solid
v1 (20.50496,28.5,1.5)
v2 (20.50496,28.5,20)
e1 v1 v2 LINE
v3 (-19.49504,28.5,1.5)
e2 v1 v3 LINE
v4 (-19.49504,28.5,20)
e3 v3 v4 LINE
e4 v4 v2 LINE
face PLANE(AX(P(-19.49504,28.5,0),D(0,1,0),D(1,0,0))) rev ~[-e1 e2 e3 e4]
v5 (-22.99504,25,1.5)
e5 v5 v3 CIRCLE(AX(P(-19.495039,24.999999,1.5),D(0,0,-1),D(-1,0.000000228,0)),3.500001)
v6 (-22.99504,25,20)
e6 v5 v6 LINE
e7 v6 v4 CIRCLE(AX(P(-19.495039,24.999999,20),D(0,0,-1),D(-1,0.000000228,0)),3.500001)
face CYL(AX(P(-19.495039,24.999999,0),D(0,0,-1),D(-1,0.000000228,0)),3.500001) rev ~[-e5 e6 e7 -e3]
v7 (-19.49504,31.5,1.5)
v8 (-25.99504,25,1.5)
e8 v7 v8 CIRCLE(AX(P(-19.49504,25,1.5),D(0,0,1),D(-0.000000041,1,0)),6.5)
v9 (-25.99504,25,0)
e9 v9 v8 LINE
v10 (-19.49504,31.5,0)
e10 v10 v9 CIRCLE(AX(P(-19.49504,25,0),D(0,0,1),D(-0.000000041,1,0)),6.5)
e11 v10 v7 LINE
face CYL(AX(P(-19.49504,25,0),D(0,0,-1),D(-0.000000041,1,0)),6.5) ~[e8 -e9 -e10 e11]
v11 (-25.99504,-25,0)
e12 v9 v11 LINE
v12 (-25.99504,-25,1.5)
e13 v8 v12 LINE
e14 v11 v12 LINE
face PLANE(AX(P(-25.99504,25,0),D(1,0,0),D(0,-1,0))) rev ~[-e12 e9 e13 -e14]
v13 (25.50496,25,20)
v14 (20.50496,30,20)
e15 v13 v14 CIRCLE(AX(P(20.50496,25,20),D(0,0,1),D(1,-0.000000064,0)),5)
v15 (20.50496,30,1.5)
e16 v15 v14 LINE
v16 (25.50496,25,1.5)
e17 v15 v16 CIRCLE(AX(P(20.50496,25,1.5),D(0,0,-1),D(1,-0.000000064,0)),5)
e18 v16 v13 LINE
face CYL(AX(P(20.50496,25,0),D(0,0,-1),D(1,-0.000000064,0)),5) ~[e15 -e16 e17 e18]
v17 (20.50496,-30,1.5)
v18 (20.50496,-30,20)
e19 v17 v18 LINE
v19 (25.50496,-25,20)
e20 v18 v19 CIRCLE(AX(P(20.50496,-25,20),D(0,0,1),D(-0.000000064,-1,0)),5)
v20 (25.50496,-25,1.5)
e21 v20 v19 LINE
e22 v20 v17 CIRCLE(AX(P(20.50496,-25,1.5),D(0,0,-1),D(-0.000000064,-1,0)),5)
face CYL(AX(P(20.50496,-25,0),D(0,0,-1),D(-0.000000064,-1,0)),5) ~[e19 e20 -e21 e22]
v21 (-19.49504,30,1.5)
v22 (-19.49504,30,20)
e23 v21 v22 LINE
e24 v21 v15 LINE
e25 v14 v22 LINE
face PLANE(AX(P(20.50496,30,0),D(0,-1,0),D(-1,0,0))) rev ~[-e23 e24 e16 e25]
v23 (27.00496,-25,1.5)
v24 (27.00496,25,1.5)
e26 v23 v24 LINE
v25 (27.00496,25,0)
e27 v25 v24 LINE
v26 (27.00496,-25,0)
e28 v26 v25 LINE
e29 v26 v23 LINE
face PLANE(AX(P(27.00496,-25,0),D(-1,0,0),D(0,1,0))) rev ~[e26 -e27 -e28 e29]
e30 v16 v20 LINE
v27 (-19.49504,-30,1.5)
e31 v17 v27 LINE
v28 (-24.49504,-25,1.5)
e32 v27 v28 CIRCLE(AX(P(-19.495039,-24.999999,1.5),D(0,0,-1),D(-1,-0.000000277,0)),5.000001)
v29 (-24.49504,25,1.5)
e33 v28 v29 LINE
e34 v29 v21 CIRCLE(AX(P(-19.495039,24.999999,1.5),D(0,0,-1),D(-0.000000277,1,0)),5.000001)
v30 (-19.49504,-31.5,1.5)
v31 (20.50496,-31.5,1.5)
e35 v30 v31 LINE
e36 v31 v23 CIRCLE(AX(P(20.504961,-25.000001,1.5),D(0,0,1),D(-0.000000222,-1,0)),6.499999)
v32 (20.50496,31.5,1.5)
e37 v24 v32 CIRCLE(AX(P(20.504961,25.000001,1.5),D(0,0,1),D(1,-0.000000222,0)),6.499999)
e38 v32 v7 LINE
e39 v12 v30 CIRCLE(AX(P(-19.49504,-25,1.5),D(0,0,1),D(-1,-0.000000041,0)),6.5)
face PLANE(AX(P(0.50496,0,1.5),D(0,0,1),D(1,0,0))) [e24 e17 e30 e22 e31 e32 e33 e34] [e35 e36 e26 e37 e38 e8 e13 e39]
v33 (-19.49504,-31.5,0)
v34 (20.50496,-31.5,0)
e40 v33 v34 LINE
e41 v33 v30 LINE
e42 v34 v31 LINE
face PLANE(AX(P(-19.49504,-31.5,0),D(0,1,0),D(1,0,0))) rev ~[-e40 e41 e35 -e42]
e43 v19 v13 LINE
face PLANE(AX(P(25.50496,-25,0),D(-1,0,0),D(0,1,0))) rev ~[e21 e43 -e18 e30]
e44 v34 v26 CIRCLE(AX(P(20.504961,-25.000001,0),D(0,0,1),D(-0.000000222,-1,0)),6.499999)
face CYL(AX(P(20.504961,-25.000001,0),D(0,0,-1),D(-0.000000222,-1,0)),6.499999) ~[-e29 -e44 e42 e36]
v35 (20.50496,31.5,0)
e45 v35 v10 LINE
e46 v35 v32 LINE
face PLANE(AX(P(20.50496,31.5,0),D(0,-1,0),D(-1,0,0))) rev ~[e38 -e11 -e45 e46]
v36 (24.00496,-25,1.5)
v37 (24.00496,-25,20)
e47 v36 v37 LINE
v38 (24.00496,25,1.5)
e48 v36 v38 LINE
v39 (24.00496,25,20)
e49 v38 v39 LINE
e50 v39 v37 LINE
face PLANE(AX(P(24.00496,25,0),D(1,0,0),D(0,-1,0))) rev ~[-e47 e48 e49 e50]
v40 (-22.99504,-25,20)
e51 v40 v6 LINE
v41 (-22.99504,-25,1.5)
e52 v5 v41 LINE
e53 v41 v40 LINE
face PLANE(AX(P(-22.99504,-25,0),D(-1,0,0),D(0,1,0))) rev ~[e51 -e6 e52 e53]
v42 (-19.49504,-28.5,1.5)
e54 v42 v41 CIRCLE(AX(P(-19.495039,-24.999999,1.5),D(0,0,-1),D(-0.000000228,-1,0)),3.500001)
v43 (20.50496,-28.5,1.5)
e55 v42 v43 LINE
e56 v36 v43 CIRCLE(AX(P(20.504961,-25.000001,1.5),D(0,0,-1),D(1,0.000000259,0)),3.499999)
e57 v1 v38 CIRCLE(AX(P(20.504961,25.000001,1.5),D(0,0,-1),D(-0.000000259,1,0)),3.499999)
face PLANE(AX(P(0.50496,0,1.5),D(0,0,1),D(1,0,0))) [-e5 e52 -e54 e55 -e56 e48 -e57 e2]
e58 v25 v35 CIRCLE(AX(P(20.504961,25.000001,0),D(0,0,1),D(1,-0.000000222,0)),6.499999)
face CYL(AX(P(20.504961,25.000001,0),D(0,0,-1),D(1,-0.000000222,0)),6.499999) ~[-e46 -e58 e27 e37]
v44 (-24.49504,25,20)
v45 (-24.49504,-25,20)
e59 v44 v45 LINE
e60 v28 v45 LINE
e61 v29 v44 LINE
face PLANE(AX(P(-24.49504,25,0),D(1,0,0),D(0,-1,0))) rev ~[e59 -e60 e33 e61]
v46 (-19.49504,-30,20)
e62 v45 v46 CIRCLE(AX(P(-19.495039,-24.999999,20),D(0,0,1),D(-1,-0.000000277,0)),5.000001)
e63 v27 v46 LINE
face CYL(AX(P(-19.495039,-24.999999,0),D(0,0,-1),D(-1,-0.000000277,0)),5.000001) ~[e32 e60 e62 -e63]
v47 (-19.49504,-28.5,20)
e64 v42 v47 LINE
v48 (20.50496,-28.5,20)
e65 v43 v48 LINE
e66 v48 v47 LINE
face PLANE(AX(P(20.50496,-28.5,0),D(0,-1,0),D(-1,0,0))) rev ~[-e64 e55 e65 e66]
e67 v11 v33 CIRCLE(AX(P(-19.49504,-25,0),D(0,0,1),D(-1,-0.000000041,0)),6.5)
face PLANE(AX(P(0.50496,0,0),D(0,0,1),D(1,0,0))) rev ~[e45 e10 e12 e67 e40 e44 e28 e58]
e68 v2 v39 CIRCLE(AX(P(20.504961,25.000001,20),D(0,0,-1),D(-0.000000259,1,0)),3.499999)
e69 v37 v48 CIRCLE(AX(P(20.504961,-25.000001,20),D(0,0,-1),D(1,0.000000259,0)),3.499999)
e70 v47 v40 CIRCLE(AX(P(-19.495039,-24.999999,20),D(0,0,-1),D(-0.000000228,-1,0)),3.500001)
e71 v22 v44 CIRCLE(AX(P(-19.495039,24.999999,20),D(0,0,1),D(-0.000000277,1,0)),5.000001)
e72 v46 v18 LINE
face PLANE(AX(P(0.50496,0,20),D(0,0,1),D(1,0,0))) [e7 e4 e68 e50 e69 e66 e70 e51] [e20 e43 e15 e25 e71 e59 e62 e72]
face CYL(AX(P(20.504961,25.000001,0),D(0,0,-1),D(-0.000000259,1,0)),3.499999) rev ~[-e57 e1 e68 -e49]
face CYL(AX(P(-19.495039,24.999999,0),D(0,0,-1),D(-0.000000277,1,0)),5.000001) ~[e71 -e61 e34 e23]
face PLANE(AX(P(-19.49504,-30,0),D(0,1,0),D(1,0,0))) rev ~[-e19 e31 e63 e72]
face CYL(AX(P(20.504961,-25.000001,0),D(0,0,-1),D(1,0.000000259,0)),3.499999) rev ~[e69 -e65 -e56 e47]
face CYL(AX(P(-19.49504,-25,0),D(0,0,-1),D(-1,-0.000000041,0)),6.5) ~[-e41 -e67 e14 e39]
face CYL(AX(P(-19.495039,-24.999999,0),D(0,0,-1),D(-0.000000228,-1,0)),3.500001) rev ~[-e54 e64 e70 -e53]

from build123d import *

# Parameters (mm, degrees)
F1_DEPTH = 1.5
F2_DEPTH = 20


with BuildPart() as f1:
    # F0 (on Top) → F1 (new body)
    with BuildSketch(Plane.XY):
        with BuildLine():
            ThreePointArc((-19.49504, 31.5), (-24.091234, 29.596194), (-25.99504, 25))
            Line((-25.99504, 25), (-25.99504, -25))
            ThreePointArc((-25.99504, -25), (-24.091234, -29.596194), (-19.49504, -31.5))
            Line((-19.49504, -31.5), (20.50496, -31.5))
            ThreePointArc((20.50496, -31.5), (25.101155, -29.596194), (27.00496, -25))
            Line((27.00496, -25), (27.00496, 25))
            ThreePointArc((27.00496, 25), (25.101155, 29.596194), (20.50496, 31.5))
            Line((20.50496, 31.5), (-19.49504, 31.5))
        make_face()
        with BuildLine():
            Line((-19.49504, 30), (20.50496, 30))
            ThreePointArc((20.50496, 30), (24.040494, 28.535534), (25.50496, 25))
            Line((25.50496, 25), (25.50496, -25))
            ThreePointArc((25.50496, -25), (24.040494, -28.535534), (20.50496, -30))
            Line((20.50496, -30), (-19.49504, -30))
            ThreePointArc((-19.49504, -30), (-23.030573, -28.535534), (-24.49504, -25))
            Line((-24.49504, -25), (-24.49504, 25))
            ThreePointArc((-24.49504, 25), (-23.030573, 28.535534), (-19.49504, 30))
        make_face(mode=Mode.SUBTRACT)
        with BuildLine():
            ThreePointArc((25.50496, 25), (24.040494, 28.535534), (20.50496, 30))
            Line((20.50496, 30), (-19.49504, 30))
            ThreePointArc((-19.49504, 30), (-23.030573, 28.535534), (-24.49504, 25))
            Line((-24.49504, 25), (-24.49504, -25))
            ThreePointArc((-24.49504, -25), (-23.030573, -28.535534), (-19.49504, -30))
            Line((-19.49504, -30), (20.50496, -30))
            ThreePointArc((20.50496, -30), (24.040494, -28.535534), (25.50496, -25))
            Line((25.50496, -25), (25.50496, 25))
        make_face()
        with BuildLine():
            ThreePointArc((20.50496, 28.5), (22.979834, 27.474874), (24.00496, 25))
            Line((24.00496, 25), (24.00496, -25))
            ThreePointArc((24.00496, -25), (22.979834, -27.474874), (20.50496, -28.5))
            Line((20.50496, -28.5), (-19.49504, -28.5))
            ThreePointArc((-19.49504, -28.5), (-21.969913, -27.474874), (-22.99504, -25))
            Line((-22.99504, -25), (-22.99504, 25))
            ThreePointArc((-22.99504, 25), (-21.969913, 27.474874), (-19.49504, 28.5))
            Line((-19.49504, 28.5), (20.50496, 28.5))
        make_face(mode=Mode.SUBTRACT)
        with BuildLine():
            Line((24.00496, -25), (24.00496, 25))
            ThreePointArc((24.00496, 25), (22.979834, 27.474874), (20.50496, 28.5))
            Line((20.50496, 28.5), (-19.49504, 28.5))
            ThreePointArc((-19.49504, 28.5), (-21.969913, 27.474874), (-22.99504, 25))
            Line((-22.99504, 25), (-22.99504, -25))
            ThreePointArc((-22.99504, -25), (-21.969913, -27.474874), (-19.49504, -28.5))
            Line((-19.49504, -28.5), (20.50496, -28.5))
            ThreePointArc((20.50496, -28.5), (22.979834, -27.474874), (24.00496, -25))
        make_face()
    extrude(amount=F1_DEPTH)

    # F0 (on Top) → F2 (join)
    with BuildSketch(Plane.XY):
        with BuildLine():
            ThreePointArc((25.50496, 25), (24.040494, 28.535534), (20.50496, 30))
            Line((20.50496, 30), (-19.49504, 30))
            ThreePointArc((-19.49504, 30), (-23.030573, 28.535534), (-24.49504, 25))
            Line((-24.49504, 25), (-24.49504, -25))
            ThreePointArc((-24.49504, -25), (-23.030573, -28.535534), (-19.49504, -30))
            Line((-19.49504, -30), (20.50496, -30))
            ThreePointArc((20.50496, -30), (24.040494, -28.535534), (25.50496, -25))
            Line((25.50496, -25), (25.50496, 25))
        make_face()
        with BuildLine():
            ThreePointArc((20.50496, 28.5), (22.979834, 27.474874), (24.00496, 25))
            Line((24.00496, 25), (24.00496, -25))
            ThreePointArc((24.00496, -25), (22.979834, -27.474874), (20.50496, -28.5))
            Line((20.50496, -28.5), (-19.49504, -28.5))
            ThreePointArc((-19.49504, -28.5), (-21.969913, -27.474874), (-22.99504, -25))
            Line((-22.99504, -25), (-22.99504, 25))
            ThreePointArc((-22.99504, 25), (-21.969913, 27.474874), (-19.49504, 28.5))
            Line((-19.49504, 28.5), (20.50496, 28.5))
        make_face(mode=Mode.SUBTRACT)
    extrude(amount=F2_DEPTH)


solid = f1.part
